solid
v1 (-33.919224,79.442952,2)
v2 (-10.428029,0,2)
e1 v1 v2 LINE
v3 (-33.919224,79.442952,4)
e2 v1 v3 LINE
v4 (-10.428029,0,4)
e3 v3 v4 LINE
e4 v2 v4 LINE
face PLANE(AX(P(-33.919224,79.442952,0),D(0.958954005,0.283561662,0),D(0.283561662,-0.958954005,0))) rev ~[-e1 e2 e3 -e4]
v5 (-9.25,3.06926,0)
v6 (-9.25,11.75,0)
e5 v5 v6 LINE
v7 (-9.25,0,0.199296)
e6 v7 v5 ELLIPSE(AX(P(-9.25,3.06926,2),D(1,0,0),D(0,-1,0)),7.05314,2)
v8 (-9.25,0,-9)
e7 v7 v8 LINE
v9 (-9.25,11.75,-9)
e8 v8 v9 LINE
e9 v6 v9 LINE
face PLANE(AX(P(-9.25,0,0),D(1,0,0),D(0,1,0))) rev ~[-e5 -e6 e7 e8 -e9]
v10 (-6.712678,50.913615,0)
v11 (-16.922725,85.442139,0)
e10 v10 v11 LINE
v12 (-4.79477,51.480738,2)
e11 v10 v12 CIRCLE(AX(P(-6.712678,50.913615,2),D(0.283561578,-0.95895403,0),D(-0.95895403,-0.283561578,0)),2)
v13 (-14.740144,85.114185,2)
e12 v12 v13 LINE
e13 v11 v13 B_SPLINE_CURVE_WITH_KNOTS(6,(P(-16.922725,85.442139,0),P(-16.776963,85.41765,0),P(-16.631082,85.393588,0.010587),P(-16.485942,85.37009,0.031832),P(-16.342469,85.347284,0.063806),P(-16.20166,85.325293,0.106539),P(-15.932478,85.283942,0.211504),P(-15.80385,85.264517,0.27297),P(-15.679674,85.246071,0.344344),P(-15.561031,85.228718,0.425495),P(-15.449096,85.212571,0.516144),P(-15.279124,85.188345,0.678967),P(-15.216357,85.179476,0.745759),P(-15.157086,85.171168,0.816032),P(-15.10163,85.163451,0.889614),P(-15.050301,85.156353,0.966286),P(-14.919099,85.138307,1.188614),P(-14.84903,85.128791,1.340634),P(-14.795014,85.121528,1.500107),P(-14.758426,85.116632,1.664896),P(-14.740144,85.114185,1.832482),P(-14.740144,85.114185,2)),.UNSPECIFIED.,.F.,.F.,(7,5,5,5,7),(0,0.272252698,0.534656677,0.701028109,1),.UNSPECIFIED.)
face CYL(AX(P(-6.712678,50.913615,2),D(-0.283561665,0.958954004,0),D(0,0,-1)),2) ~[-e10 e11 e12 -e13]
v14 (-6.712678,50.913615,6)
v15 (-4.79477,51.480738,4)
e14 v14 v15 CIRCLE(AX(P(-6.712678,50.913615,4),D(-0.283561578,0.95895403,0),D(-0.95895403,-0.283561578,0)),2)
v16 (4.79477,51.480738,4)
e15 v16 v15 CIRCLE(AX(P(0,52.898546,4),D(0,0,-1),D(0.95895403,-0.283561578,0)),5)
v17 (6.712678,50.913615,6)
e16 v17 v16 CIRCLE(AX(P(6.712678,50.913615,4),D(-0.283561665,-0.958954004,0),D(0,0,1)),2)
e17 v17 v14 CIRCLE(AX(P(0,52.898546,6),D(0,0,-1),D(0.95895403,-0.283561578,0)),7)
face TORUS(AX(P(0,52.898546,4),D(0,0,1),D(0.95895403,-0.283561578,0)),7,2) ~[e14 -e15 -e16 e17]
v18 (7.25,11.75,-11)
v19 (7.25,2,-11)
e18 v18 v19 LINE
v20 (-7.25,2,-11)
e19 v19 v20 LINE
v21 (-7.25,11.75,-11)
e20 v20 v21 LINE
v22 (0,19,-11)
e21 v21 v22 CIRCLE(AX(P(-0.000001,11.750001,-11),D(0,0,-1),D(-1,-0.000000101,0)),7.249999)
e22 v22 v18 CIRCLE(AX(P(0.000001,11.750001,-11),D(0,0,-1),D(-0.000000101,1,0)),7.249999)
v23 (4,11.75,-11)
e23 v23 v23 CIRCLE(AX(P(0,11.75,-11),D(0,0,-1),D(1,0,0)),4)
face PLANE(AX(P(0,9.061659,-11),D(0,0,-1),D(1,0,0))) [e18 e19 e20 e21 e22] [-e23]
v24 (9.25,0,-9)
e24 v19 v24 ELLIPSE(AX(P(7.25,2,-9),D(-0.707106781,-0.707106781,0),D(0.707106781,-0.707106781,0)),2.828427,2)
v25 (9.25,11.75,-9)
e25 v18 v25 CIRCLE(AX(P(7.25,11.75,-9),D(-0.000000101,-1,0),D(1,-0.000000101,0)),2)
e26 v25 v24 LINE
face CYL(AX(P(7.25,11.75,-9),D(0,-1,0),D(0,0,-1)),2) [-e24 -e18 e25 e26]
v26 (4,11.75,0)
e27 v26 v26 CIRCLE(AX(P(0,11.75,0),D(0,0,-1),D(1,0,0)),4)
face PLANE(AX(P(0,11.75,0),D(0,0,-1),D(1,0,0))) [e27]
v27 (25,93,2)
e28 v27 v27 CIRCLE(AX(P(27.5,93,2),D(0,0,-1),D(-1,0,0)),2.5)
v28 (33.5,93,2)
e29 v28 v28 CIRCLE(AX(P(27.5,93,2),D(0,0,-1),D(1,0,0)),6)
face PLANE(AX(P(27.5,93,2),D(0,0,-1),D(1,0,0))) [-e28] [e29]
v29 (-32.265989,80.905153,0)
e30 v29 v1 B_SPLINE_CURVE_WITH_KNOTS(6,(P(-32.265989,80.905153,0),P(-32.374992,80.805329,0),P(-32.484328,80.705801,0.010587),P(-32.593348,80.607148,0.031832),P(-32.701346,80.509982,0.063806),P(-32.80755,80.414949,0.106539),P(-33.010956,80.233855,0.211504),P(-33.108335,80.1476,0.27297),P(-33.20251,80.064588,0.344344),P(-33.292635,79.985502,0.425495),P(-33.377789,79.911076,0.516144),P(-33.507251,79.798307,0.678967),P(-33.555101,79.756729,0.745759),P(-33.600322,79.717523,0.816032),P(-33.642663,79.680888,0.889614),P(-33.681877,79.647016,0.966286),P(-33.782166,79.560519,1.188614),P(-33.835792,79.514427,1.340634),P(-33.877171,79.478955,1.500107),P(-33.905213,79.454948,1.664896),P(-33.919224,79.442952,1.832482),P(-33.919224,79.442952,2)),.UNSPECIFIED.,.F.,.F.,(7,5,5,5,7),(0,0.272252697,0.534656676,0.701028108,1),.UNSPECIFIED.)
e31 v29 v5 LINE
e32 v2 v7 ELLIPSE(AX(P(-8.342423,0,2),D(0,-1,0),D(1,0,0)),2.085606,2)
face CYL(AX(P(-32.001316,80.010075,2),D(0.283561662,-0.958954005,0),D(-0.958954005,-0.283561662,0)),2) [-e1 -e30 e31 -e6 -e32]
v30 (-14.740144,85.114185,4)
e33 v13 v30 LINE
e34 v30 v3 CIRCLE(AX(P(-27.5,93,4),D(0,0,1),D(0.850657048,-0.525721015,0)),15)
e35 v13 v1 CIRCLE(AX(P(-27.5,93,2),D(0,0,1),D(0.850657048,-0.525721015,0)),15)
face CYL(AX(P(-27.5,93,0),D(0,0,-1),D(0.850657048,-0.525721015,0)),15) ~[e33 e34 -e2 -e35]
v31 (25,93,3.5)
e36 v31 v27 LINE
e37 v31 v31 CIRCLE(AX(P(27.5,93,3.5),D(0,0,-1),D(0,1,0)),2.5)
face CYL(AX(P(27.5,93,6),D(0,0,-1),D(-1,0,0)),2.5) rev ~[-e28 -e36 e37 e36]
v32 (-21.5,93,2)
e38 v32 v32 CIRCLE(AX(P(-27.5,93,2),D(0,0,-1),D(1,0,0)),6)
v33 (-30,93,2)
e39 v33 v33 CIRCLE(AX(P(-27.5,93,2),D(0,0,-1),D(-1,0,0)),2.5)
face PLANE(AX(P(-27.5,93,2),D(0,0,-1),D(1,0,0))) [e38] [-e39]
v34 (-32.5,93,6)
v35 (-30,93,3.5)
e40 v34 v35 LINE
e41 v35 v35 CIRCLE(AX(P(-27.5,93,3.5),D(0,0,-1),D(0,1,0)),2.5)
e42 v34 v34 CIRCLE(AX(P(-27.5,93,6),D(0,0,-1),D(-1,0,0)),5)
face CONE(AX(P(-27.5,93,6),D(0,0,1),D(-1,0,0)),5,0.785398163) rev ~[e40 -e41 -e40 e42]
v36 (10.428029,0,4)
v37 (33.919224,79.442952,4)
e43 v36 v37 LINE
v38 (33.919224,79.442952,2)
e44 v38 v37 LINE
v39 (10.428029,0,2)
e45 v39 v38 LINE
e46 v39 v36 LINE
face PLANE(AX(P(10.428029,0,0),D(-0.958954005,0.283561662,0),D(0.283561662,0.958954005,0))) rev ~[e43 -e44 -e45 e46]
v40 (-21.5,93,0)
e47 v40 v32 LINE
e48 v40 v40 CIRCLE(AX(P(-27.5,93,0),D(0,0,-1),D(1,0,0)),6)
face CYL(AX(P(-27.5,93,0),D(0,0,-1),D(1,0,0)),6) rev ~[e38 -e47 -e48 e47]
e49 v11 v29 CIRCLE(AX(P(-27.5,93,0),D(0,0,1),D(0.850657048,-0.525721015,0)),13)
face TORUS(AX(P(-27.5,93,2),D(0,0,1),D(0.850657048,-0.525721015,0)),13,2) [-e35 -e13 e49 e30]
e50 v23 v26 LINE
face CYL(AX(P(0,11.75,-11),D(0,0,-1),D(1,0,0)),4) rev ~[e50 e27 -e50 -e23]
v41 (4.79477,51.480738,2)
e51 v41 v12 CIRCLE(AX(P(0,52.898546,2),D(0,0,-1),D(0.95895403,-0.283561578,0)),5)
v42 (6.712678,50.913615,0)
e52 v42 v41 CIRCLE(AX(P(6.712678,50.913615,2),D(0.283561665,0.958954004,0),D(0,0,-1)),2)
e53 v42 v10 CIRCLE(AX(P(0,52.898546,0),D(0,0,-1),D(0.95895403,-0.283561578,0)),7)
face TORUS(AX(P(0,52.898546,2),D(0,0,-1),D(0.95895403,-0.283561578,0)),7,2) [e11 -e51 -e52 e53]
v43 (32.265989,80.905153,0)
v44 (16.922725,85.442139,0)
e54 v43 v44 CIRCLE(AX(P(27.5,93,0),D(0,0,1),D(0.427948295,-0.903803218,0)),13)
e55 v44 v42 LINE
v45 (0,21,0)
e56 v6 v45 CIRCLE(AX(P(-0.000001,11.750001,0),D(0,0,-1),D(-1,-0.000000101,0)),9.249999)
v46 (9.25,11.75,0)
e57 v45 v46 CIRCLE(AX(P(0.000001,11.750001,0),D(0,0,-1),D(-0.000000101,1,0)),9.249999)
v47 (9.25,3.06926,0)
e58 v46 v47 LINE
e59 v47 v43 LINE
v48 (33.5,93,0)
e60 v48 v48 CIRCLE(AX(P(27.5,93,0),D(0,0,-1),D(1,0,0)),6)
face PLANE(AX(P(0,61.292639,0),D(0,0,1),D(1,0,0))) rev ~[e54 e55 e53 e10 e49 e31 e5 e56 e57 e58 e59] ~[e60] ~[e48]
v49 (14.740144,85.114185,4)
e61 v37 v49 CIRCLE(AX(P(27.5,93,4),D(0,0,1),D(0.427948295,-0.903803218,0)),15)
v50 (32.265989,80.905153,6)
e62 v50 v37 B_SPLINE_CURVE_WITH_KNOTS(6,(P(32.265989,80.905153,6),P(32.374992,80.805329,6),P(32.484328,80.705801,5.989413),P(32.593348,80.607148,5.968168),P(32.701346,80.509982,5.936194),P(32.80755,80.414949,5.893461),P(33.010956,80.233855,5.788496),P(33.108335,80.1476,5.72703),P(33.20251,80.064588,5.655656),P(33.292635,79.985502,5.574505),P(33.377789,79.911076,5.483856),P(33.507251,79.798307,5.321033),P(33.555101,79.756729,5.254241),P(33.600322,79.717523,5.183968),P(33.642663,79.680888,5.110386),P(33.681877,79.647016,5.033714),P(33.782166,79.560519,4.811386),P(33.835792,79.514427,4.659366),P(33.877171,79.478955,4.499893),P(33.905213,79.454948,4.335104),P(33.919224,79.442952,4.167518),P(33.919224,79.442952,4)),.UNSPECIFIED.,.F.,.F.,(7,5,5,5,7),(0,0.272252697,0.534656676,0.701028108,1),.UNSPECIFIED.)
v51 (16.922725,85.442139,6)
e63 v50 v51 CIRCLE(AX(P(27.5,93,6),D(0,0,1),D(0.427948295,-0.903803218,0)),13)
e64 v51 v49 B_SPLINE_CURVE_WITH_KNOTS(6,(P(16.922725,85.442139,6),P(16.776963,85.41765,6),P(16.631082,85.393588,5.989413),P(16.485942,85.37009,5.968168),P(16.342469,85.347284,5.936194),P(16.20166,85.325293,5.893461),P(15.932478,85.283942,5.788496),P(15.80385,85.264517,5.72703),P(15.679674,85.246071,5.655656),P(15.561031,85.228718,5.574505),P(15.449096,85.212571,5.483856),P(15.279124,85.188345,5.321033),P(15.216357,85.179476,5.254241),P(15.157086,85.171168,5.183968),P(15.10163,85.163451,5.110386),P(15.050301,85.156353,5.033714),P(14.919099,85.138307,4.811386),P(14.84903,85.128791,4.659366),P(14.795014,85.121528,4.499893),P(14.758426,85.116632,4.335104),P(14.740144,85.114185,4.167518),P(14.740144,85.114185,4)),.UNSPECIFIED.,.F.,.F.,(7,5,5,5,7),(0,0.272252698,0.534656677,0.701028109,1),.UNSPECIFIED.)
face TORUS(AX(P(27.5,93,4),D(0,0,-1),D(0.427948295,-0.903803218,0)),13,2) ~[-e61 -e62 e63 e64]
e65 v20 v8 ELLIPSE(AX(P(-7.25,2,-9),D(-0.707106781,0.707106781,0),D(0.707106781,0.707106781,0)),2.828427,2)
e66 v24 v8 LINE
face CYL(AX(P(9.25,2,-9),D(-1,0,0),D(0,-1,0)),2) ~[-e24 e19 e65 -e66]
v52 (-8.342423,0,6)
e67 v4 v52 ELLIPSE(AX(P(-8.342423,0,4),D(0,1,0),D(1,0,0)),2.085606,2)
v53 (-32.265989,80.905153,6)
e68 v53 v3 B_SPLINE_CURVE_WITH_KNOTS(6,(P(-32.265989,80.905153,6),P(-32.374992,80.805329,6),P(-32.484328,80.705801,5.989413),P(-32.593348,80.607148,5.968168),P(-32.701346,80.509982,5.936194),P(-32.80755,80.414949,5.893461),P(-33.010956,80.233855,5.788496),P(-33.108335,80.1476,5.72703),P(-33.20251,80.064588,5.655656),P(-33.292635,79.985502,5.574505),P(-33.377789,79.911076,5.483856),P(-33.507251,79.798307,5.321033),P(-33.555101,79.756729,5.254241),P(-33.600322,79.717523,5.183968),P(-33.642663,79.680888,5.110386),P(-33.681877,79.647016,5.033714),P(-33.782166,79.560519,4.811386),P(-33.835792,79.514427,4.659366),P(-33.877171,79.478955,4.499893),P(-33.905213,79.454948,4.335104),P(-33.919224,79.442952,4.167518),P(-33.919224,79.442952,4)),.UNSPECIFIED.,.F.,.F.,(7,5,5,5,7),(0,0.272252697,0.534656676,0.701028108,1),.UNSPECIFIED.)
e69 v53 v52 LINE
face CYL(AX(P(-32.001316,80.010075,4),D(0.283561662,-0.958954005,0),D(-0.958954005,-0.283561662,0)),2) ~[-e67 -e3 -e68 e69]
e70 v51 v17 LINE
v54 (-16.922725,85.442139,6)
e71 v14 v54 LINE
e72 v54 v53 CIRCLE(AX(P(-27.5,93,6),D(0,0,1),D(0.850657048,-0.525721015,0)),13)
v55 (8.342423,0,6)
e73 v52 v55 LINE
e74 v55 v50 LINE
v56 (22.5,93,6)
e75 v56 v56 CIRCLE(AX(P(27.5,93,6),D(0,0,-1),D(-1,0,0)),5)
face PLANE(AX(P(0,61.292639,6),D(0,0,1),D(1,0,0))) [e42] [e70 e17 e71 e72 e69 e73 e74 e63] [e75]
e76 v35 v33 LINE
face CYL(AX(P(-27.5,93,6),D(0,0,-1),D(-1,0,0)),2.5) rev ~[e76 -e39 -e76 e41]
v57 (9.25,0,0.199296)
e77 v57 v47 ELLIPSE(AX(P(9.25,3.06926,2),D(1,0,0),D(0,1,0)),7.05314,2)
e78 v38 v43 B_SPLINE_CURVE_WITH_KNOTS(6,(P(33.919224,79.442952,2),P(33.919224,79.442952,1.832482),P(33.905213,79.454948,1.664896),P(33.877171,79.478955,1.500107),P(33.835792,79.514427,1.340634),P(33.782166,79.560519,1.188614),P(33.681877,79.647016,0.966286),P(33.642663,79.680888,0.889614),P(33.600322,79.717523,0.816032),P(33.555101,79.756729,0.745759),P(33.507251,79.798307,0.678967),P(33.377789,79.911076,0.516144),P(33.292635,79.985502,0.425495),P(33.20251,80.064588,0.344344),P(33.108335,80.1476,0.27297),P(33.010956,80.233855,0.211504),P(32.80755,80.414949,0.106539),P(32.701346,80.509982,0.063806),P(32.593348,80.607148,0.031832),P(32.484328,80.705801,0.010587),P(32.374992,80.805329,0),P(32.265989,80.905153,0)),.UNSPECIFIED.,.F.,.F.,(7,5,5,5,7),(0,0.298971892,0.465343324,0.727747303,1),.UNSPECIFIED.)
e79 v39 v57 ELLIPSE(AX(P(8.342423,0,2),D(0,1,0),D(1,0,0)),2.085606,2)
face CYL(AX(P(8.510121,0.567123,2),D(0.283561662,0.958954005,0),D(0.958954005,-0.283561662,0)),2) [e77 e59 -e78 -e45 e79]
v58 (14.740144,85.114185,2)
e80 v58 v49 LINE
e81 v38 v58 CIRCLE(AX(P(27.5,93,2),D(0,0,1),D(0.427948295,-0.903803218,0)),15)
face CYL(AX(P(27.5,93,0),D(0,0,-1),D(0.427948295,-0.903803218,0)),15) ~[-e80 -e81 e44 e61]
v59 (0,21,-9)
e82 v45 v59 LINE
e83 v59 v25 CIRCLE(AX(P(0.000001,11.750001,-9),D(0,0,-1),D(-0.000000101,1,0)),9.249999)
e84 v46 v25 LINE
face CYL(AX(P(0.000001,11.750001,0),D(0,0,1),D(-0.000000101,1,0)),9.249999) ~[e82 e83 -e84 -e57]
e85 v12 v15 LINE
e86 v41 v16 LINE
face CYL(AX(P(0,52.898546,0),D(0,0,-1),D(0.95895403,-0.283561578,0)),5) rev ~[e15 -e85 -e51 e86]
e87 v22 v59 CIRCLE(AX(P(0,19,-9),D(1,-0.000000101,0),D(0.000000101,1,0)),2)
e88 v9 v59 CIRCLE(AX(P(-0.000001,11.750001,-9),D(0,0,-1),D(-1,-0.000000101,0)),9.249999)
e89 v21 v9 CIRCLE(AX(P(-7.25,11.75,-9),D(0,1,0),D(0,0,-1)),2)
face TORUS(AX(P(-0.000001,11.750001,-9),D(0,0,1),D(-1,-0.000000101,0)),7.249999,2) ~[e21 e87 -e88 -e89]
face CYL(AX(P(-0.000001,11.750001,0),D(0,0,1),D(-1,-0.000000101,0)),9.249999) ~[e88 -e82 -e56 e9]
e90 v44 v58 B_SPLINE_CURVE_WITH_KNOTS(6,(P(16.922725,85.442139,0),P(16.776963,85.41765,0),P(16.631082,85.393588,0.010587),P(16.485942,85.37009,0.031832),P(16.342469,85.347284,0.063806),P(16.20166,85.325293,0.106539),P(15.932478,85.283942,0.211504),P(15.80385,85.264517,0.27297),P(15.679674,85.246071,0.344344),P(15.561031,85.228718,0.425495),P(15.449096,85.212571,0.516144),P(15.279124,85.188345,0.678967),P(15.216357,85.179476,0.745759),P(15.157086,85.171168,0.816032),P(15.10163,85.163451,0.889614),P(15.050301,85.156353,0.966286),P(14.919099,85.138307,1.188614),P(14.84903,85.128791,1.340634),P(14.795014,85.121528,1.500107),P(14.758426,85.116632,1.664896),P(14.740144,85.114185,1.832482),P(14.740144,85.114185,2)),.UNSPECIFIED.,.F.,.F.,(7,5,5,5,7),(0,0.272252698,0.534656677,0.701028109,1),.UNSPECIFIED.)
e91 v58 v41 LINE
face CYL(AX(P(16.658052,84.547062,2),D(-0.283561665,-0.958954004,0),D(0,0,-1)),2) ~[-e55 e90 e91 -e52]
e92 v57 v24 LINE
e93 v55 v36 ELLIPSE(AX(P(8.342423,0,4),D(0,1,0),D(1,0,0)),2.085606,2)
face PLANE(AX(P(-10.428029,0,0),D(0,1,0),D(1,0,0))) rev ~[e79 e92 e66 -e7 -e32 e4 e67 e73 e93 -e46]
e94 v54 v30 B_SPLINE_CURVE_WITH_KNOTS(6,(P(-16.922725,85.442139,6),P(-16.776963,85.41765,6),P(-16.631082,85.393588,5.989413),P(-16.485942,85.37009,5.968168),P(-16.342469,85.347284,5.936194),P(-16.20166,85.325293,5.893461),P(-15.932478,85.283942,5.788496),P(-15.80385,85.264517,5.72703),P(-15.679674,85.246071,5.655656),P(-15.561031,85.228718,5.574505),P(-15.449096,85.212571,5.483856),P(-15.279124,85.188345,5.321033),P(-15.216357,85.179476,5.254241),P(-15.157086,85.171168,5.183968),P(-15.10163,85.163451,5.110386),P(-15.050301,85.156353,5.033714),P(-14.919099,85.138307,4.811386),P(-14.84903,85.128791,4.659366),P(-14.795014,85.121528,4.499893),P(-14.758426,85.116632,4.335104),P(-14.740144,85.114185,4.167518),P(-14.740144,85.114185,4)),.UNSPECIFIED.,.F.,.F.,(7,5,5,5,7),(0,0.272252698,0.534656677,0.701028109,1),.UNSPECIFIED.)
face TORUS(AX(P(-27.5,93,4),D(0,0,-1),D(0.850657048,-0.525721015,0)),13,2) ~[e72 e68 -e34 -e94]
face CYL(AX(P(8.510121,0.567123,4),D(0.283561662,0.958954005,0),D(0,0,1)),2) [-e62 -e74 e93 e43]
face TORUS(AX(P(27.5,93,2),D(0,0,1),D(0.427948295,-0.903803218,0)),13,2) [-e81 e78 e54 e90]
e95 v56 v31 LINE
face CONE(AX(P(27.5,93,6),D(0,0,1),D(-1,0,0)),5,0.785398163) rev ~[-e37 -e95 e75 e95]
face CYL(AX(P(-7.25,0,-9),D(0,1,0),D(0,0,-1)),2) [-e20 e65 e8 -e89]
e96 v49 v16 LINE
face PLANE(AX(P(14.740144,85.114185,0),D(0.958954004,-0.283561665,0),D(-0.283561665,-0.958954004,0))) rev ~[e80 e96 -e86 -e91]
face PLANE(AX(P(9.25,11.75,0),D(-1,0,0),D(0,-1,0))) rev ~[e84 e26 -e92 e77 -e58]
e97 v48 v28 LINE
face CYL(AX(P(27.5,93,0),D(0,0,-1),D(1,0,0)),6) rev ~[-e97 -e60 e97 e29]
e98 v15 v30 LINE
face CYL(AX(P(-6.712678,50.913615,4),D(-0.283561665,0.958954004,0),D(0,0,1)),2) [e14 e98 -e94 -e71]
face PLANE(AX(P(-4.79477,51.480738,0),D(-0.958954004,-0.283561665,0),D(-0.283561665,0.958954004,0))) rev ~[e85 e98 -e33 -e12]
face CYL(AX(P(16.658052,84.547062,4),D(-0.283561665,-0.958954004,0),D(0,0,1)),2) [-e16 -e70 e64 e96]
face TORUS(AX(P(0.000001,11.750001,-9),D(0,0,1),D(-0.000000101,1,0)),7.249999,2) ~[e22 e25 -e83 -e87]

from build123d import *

# Parameters (mm, degrees)
F1_DEPTH       = 6
F3_DEPTH       = 11
F5_D           = 5
F5_CSINK_D     = 10
F5_CSINK_ANGLE = 90
F6_R           = 6
F7_DEPTH       = 2
F8_R           = 2
F9_R           = 4
F10_DEPTH      = 11


with BuildPart() as f1:
    # F0 (on Top) → F1 (new body)
    with BuildSketch(Plane.XY):
        with BuildLine():
            Line((-10.428029, 0), (0, 0))
            Line((0, 0), (10.428029, 0))
            Line((10.428029, 0), (33.919224, 79.442952))
            ThreePointArc((33.919224, 79.442952), (31.753425, 107.38431), (14.740144, 85.114185))
            Line((14.740144, 85.114185), (4.79477, 51.480738))
            ThreePointArc((4.79477, 51.480738), (0, 47.898546), (-4.79477, 51.480738))
            Line((-4.79477, 51.480738), (-14.740144, 85.114185))
            ThreePointArc((-14.740144, 85.114185), (-31.753425, 107.38431), (-33.919224, 79.442952))
            Line((-33.919224, 79.442952), (-10.428029, 0))
        make_face()
    extrude(amount=F1_DEPTH)

    # F2 (on face) → F3 (join)
    with BuildSketch(Plane(origin=(0, 0, 0), x_dir=(1, 0, 0), z_dir=(0, 0, -1))):
        with BuildLine():
            Line((9.25, 0), (0, 0))
            Line((0, 0), (-9.25, 0))
            Line((-9.25, 0), (-9.25, -11.75))
            ThreePointArc((-9.25, -11.75), (-6.540738, -18.290738), (0, -21))
            ThreePointArc((0, -21), (6.540738, -18.290738), (9.25, -11.75))
            Line((9.25, -11.75), (9.25, 0))
        make_face()
    extrude(amount=F3_DEPTH)

    # F5 (through all)
    with Locations(Plane.XY.offset(6)):
        with Locations((27.5, 93), (-27.5, 93)):
            CounterSinkHole(F5_D / 2, F5_CSINK_D / 2, counter_sink_angle=F5_CSINK_ANGLE)

    # F6 (on face) → F7 (cut)
    with BuildSketch(Plane(origin=(0, 0, 0), x_dir=(1, 0, 0), z_dir=(0, 0, -1))):
        with Locations((27.5, -93)):
            Circle(F6_R)
        with Locations((-27.5, -93)):
            Circle(F6_R)
    extrude(amount=-F7_DEPTH, mode=Mode.SUBTRACT)

    # F8
    f8_edges = [f1.edges().sort_by_distance(p)[0] for p in [
        (22.173627, 39.721476, 0),
        (31.753425, 107.38431, 0),
        (9.767457, 68.297461, 6),
        (0, 47.898546, 0),
        (-9.767457, 68.297461, 0),
        (-31.753425, 107.38431, 0),
        (-22.173627, 39.721476, 0),
        (-9.25, 5.875, -11),
        (0, 0, -11),
        (-31.753425, 107.38431, 6),
        (-22.173627, 39.721476, 6),
        (22.173627, 39.721476, 6),
        (31.753425, 107.38431, 6),
    ]]
    fillet(f8_edges, radius=F8_R)

    # F9 (on face) → F10 (cut)
    with BuildSketch(Plane(origin=(0, 0, -11), x_dir=(1, 0, 0), z_dir=(0, 0, -1))):
        with Locations((0, -11.75)):
            Circle(F9_R)
    extrude(amount=-F10_DEPTH, mode=Mode.SUBTRACT)


solid = f1.part
